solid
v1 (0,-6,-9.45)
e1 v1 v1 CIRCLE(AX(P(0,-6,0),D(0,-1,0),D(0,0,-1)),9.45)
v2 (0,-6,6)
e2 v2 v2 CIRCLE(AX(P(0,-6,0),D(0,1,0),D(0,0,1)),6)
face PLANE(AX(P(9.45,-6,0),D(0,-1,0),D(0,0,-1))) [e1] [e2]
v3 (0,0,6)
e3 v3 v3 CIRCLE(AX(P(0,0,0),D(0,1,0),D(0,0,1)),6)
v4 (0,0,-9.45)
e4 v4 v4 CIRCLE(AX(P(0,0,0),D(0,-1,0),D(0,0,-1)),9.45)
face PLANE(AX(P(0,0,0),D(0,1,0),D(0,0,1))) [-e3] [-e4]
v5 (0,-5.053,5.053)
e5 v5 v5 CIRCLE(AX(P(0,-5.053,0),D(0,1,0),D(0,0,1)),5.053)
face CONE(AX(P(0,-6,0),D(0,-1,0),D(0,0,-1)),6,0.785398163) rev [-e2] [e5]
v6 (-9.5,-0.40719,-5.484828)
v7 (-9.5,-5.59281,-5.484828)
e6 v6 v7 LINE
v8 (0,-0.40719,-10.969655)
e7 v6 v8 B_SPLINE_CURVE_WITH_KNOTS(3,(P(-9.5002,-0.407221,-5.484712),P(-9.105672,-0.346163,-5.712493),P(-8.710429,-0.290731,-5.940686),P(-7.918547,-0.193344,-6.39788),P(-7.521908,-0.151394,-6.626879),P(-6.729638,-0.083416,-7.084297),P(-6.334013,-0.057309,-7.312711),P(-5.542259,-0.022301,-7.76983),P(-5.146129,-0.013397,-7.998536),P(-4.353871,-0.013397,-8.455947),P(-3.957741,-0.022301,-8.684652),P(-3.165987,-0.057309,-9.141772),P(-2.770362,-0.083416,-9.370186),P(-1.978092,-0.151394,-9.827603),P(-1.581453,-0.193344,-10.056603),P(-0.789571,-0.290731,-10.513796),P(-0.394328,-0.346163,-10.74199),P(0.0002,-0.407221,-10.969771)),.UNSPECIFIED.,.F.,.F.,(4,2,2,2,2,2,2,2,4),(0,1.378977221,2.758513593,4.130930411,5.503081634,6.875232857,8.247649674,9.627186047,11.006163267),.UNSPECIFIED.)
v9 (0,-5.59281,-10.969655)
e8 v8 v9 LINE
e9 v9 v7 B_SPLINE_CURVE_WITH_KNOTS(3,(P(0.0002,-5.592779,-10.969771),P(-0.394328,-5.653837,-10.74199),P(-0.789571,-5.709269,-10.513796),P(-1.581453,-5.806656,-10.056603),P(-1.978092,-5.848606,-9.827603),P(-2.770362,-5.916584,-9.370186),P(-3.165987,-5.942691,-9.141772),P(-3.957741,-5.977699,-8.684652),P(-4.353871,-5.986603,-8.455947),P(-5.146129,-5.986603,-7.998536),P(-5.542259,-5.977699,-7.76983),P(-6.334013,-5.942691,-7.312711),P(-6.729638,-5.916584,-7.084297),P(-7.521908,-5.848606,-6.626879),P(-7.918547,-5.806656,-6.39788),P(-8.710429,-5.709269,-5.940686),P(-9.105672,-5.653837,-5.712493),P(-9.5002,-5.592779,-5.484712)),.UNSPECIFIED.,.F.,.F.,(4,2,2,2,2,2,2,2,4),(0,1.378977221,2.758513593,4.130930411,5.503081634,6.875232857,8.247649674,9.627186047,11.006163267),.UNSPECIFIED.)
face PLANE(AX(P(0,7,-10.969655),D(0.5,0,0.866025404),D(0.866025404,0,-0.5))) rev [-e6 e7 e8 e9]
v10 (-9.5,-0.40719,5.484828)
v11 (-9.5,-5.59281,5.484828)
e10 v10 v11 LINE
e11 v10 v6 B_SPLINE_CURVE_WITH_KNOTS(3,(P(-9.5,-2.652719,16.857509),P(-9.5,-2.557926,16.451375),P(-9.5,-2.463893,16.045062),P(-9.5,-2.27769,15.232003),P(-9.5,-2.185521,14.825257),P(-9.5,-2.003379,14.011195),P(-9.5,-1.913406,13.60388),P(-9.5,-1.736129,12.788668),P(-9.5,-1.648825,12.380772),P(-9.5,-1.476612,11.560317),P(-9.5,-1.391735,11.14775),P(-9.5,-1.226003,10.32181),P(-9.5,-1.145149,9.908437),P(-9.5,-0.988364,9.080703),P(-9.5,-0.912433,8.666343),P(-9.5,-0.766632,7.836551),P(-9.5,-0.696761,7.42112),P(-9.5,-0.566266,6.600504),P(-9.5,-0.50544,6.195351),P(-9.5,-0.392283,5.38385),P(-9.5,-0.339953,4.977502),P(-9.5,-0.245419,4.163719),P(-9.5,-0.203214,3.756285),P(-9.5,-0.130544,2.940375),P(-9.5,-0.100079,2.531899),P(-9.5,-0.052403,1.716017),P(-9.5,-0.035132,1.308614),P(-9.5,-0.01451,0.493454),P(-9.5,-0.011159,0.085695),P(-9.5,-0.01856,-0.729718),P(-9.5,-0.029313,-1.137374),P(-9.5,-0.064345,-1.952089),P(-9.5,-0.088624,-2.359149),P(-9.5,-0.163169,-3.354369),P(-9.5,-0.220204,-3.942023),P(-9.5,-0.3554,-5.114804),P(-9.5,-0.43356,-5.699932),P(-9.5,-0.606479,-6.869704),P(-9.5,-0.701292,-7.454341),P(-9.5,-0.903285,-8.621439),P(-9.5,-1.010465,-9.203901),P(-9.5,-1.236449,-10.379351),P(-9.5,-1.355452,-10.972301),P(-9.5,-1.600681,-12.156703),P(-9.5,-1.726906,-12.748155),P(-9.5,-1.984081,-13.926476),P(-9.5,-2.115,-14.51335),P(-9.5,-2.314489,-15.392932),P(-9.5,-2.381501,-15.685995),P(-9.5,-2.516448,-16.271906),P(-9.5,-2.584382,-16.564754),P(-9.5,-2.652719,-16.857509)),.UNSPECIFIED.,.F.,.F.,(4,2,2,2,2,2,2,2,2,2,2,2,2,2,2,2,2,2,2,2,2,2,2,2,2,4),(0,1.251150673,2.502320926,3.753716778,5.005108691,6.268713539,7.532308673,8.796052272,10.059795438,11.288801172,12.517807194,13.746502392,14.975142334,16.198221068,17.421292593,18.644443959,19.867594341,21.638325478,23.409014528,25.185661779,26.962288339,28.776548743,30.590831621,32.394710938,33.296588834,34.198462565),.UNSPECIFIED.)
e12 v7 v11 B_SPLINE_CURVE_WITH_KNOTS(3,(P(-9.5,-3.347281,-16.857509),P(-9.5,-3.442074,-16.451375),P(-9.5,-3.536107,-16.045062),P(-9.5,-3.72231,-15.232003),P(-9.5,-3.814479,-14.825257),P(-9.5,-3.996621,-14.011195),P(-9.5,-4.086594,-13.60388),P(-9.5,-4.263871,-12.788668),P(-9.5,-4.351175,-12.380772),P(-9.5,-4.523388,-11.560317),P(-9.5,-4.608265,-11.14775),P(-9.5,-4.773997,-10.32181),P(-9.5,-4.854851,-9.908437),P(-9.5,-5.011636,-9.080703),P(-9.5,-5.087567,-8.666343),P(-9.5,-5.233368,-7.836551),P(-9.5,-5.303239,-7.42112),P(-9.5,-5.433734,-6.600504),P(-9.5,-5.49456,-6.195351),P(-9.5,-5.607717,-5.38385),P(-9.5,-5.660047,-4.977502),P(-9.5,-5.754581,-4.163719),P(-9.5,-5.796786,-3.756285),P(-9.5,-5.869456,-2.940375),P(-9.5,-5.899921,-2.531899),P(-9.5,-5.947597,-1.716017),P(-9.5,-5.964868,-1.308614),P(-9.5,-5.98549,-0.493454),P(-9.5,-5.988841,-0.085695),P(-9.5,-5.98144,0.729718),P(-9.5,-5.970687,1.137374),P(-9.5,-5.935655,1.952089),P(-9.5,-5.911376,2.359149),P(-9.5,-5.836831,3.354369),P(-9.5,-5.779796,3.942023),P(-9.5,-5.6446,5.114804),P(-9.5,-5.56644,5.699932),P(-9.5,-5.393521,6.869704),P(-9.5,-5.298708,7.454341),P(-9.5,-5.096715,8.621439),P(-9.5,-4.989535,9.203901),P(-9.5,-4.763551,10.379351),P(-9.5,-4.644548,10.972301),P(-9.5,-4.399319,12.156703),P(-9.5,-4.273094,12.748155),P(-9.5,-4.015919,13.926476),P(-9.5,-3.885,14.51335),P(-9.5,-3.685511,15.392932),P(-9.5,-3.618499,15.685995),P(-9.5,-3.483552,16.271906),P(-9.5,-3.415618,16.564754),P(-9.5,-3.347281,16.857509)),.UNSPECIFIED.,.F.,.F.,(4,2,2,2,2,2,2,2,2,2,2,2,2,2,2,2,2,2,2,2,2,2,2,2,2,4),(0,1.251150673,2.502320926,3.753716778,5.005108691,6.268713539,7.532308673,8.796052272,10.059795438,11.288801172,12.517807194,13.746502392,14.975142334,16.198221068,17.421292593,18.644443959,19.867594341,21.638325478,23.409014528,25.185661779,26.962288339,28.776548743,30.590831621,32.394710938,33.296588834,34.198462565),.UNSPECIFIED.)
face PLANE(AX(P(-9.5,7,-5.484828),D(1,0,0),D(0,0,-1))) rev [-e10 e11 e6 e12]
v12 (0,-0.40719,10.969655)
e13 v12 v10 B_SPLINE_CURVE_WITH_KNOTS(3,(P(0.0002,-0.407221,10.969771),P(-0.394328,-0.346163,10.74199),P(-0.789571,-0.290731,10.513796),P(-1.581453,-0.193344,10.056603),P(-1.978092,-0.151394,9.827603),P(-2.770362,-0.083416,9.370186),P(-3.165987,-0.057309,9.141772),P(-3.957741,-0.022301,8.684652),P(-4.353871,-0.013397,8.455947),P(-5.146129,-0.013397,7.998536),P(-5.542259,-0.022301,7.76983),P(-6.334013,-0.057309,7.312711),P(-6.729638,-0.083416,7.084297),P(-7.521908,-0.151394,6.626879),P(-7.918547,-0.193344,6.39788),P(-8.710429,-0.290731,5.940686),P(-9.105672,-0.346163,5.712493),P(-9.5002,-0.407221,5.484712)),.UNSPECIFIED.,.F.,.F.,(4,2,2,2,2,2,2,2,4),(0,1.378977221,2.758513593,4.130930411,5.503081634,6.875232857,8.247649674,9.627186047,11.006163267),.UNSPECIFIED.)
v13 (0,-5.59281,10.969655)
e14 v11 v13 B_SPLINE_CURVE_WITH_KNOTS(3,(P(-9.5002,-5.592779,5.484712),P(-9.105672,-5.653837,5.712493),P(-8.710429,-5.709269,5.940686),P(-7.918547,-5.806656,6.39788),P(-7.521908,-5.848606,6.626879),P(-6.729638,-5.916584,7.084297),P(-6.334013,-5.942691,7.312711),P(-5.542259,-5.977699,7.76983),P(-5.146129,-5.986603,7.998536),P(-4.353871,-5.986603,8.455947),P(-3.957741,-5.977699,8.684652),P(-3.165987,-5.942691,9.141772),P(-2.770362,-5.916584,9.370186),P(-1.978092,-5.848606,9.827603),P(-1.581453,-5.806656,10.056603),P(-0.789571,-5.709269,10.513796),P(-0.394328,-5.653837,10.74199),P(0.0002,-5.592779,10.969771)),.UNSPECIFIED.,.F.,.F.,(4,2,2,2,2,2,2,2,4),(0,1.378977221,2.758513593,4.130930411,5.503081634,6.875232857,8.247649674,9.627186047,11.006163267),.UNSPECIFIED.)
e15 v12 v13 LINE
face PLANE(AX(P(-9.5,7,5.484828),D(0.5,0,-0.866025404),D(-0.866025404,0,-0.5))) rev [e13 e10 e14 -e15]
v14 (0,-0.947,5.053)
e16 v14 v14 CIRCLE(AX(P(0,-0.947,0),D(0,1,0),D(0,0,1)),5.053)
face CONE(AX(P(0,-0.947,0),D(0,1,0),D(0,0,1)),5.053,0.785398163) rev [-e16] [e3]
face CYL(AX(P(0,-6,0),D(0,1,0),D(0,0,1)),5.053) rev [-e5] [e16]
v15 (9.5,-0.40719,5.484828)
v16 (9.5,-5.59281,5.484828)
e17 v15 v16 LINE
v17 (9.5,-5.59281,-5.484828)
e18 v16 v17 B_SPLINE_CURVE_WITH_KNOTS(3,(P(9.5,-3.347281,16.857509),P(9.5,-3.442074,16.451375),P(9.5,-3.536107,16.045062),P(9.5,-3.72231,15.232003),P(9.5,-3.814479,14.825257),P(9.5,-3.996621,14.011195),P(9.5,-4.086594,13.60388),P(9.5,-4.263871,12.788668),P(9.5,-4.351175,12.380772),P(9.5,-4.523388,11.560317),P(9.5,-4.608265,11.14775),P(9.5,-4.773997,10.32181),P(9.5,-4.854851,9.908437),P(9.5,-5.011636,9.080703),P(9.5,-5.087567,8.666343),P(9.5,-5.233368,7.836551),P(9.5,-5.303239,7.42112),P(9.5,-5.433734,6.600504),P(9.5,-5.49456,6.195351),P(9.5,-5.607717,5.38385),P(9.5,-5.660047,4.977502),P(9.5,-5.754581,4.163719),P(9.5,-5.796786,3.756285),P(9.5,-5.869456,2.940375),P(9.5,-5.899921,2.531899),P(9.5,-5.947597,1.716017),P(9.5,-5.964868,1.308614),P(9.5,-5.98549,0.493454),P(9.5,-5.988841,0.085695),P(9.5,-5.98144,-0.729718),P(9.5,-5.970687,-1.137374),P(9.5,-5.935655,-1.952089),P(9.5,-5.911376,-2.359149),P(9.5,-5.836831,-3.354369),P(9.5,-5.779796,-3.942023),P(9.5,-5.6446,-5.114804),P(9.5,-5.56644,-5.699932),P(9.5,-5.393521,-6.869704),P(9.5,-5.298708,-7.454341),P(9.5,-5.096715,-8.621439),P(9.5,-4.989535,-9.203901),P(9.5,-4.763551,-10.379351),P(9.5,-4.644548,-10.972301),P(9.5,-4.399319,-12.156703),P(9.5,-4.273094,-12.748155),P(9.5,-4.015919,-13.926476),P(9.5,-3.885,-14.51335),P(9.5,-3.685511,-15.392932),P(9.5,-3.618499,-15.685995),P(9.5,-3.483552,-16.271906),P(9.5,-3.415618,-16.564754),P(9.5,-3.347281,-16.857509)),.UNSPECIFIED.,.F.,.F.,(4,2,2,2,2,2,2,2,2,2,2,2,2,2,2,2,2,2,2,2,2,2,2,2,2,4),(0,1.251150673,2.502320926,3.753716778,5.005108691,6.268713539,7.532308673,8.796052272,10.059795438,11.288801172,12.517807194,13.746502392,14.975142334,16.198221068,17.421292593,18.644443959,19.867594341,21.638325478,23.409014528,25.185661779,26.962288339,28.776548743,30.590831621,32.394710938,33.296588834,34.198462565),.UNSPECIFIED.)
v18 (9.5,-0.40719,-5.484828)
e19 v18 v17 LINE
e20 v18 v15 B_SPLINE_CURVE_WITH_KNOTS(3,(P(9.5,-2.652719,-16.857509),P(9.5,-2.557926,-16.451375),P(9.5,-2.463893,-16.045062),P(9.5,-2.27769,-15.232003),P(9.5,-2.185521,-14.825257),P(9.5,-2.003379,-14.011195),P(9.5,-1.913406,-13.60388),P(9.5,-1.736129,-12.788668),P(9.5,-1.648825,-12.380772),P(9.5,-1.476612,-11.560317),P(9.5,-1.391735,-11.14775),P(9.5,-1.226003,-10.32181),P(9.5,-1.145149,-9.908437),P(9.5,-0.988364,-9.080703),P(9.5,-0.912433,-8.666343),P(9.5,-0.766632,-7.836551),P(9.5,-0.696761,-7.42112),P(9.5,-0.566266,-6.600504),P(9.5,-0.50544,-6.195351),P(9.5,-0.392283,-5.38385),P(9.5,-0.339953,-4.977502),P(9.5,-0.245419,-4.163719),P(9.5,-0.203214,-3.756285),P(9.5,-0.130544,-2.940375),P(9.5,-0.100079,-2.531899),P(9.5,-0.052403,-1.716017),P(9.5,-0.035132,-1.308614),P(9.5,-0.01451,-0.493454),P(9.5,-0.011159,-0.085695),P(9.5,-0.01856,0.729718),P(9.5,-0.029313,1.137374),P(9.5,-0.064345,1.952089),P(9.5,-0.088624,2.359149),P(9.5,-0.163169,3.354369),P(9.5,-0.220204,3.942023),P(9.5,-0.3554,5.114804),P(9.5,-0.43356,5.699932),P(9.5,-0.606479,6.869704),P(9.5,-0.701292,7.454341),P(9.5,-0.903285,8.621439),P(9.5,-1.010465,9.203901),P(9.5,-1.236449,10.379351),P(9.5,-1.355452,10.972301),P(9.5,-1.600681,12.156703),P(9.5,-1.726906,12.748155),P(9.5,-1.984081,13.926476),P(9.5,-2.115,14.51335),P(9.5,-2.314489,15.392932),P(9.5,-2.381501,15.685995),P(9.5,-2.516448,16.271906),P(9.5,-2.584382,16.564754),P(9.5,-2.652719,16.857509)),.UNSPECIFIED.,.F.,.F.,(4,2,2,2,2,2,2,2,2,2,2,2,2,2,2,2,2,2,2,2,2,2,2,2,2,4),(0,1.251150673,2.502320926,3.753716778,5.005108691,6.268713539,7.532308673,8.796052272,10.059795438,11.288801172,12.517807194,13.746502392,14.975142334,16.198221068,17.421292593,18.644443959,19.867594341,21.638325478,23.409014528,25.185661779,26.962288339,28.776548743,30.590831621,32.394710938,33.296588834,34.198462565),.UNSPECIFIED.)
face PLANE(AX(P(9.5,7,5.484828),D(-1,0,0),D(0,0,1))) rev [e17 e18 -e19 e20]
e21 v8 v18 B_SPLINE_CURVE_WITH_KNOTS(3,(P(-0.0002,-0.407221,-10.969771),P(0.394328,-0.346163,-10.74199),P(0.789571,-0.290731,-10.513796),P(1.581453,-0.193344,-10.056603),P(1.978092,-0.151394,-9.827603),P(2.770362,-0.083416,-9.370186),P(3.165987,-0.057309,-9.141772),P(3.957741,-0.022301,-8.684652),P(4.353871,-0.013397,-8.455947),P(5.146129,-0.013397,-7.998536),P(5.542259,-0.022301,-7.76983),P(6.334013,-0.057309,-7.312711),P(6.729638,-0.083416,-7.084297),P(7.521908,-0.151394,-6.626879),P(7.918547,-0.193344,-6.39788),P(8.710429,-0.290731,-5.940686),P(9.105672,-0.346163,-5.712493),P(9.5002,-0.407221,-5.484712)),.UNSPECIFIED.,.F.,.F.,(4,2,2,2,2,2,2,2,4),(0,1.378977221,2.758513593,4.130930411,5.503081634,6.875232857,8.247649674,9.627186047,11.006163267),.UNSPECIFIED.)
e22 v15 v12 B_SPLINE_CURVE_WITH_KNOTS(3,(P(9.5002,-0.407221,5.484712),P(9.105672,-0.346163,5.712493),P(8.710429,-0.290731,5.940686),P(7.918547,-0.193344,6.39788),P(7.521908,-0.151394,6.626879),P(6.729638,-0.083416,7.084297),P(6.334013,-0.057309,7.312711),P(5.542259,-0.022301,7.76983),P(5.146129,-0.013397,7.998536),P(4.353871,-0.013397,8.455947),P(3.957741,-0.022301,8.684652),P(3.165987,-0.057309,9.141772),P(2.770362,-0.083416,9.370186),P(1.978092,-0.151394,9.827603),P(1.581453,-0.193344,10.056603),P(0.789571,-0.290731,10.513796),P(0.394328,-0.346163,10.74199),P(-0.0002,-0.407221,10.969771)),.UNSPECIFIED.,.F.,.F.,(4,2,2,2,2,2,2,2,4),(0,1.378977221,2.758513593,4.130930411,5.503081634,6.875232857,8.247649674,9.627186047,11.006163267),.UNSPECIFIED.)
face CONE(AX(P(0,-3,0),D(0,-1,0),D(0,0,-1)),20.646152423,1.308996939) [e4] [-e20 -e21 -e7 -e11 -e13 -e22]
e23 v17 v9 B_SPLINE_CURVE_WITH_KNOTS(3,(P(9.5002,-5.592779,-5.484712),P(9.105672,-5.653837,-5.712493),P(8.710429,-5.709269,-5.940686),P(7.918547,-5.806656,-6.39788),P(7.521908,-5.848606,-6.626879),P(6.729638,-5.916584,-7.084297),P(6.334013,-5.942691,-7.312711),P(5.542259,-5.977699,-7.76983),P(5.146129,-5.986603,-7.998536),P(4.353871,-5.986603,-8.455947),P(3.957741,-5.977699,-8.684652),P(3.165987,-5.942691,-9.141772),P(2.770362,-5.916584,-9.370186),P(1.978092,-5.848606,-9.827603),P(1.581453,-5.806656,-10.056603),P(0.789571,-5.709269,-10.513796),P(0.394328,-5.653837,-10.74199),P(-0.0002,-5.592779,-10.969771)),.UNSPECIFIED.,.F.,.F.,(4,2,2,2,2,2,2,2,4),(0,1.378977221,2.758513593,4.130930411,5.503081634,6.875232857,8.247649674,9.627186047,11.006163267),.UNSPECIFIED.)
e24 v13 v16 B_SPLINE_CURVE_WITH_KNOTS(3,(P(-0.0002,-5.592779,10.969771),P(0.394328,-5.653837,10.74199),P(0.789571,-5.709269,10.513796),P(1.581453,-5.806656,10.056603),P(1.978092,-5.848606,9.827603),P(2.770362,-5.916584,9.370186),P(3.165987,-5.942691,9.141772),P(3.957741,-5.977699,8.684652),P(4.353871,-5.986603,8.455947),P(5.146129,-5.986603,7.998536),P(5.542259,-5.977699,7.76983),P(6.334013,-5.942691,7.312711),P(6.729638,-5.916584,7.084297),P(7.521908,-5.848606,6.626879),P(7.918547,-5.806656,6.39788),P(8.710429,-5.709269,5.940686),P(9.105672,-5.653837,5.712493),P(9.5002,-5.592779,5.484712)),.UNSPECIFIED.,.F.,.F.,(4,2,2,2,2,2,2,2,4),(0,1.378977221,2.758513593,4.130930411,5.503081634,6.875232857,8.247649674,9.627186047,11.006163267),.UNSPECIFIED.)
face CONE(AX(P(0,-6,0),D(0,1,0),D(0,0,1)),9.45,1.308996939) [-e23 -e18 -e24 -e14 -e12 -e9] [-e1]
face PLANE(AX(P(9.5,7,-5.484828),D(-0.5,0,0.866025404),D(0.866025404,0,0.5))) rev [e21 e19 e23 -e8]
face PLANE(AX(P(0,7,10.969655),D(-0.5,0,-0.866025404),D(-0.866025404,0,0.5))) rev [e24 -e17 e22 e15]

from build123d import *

# Parameters (mm, degrees)
CUT_EXTRUDE1_DEPTH      = 7
CUT_EXTRUDE1_DEPTH_BACK = 7
SKETCH2_W               = 76
SKETCH2_H               = 76


with BuildPart() as part:
    # Sketch1 → Revolve1 (revolve)
    with BuildSketch(Plane.XY):
        Polygon((0, 0), (9.45, 0), (20.646152423, -3), (9.45, -6), (0, -6), align=None)
    revolve(axis=Axis((0, -6, 0), (0, 1, 0)))

    # Sketch2 → Cut-Extrude1 (cut, two sides: drawn at the far end of the back side and taken through both)
    with BuildSketch(Plane(origin=(0, 0, 0), x_dir=(1, 0, 0), z_dir=(0, 1, 0)).offset(-CUT_EXTRUDE1_DEPTH_BACK)):
        Rectangle(SKETCH2_W, SKETCH2_H)
        Polygon((-9.5, -5.484827557), (0, -10.969655115), (9.5, -5.484827557), (9.5, 5.484827557), (0, 10.969655115), (-9.5, 5.484827557), align=None, mode=Mode.SUBTRACT)
    extrude(amount=CUT_EXTRUDE1_DEPTH + CUT_EXTRUDE1_DEPTH_BACK, mode=Mode.SUBTRACT)

    # Sketch3 → Cut-Revolve1 (revolve, cut)
    with BuildSketch(Plane.XY):
        Polygon((0, 0), (6, 0), (5.053, -0.947), (5.053, -5.053), (6, -6), (0, -6), align=None)
    revolve(axis=Axis((0, -6, 0), (0, 1, 0)), mode=Mode.SUBTRACT)


solid = part.part
